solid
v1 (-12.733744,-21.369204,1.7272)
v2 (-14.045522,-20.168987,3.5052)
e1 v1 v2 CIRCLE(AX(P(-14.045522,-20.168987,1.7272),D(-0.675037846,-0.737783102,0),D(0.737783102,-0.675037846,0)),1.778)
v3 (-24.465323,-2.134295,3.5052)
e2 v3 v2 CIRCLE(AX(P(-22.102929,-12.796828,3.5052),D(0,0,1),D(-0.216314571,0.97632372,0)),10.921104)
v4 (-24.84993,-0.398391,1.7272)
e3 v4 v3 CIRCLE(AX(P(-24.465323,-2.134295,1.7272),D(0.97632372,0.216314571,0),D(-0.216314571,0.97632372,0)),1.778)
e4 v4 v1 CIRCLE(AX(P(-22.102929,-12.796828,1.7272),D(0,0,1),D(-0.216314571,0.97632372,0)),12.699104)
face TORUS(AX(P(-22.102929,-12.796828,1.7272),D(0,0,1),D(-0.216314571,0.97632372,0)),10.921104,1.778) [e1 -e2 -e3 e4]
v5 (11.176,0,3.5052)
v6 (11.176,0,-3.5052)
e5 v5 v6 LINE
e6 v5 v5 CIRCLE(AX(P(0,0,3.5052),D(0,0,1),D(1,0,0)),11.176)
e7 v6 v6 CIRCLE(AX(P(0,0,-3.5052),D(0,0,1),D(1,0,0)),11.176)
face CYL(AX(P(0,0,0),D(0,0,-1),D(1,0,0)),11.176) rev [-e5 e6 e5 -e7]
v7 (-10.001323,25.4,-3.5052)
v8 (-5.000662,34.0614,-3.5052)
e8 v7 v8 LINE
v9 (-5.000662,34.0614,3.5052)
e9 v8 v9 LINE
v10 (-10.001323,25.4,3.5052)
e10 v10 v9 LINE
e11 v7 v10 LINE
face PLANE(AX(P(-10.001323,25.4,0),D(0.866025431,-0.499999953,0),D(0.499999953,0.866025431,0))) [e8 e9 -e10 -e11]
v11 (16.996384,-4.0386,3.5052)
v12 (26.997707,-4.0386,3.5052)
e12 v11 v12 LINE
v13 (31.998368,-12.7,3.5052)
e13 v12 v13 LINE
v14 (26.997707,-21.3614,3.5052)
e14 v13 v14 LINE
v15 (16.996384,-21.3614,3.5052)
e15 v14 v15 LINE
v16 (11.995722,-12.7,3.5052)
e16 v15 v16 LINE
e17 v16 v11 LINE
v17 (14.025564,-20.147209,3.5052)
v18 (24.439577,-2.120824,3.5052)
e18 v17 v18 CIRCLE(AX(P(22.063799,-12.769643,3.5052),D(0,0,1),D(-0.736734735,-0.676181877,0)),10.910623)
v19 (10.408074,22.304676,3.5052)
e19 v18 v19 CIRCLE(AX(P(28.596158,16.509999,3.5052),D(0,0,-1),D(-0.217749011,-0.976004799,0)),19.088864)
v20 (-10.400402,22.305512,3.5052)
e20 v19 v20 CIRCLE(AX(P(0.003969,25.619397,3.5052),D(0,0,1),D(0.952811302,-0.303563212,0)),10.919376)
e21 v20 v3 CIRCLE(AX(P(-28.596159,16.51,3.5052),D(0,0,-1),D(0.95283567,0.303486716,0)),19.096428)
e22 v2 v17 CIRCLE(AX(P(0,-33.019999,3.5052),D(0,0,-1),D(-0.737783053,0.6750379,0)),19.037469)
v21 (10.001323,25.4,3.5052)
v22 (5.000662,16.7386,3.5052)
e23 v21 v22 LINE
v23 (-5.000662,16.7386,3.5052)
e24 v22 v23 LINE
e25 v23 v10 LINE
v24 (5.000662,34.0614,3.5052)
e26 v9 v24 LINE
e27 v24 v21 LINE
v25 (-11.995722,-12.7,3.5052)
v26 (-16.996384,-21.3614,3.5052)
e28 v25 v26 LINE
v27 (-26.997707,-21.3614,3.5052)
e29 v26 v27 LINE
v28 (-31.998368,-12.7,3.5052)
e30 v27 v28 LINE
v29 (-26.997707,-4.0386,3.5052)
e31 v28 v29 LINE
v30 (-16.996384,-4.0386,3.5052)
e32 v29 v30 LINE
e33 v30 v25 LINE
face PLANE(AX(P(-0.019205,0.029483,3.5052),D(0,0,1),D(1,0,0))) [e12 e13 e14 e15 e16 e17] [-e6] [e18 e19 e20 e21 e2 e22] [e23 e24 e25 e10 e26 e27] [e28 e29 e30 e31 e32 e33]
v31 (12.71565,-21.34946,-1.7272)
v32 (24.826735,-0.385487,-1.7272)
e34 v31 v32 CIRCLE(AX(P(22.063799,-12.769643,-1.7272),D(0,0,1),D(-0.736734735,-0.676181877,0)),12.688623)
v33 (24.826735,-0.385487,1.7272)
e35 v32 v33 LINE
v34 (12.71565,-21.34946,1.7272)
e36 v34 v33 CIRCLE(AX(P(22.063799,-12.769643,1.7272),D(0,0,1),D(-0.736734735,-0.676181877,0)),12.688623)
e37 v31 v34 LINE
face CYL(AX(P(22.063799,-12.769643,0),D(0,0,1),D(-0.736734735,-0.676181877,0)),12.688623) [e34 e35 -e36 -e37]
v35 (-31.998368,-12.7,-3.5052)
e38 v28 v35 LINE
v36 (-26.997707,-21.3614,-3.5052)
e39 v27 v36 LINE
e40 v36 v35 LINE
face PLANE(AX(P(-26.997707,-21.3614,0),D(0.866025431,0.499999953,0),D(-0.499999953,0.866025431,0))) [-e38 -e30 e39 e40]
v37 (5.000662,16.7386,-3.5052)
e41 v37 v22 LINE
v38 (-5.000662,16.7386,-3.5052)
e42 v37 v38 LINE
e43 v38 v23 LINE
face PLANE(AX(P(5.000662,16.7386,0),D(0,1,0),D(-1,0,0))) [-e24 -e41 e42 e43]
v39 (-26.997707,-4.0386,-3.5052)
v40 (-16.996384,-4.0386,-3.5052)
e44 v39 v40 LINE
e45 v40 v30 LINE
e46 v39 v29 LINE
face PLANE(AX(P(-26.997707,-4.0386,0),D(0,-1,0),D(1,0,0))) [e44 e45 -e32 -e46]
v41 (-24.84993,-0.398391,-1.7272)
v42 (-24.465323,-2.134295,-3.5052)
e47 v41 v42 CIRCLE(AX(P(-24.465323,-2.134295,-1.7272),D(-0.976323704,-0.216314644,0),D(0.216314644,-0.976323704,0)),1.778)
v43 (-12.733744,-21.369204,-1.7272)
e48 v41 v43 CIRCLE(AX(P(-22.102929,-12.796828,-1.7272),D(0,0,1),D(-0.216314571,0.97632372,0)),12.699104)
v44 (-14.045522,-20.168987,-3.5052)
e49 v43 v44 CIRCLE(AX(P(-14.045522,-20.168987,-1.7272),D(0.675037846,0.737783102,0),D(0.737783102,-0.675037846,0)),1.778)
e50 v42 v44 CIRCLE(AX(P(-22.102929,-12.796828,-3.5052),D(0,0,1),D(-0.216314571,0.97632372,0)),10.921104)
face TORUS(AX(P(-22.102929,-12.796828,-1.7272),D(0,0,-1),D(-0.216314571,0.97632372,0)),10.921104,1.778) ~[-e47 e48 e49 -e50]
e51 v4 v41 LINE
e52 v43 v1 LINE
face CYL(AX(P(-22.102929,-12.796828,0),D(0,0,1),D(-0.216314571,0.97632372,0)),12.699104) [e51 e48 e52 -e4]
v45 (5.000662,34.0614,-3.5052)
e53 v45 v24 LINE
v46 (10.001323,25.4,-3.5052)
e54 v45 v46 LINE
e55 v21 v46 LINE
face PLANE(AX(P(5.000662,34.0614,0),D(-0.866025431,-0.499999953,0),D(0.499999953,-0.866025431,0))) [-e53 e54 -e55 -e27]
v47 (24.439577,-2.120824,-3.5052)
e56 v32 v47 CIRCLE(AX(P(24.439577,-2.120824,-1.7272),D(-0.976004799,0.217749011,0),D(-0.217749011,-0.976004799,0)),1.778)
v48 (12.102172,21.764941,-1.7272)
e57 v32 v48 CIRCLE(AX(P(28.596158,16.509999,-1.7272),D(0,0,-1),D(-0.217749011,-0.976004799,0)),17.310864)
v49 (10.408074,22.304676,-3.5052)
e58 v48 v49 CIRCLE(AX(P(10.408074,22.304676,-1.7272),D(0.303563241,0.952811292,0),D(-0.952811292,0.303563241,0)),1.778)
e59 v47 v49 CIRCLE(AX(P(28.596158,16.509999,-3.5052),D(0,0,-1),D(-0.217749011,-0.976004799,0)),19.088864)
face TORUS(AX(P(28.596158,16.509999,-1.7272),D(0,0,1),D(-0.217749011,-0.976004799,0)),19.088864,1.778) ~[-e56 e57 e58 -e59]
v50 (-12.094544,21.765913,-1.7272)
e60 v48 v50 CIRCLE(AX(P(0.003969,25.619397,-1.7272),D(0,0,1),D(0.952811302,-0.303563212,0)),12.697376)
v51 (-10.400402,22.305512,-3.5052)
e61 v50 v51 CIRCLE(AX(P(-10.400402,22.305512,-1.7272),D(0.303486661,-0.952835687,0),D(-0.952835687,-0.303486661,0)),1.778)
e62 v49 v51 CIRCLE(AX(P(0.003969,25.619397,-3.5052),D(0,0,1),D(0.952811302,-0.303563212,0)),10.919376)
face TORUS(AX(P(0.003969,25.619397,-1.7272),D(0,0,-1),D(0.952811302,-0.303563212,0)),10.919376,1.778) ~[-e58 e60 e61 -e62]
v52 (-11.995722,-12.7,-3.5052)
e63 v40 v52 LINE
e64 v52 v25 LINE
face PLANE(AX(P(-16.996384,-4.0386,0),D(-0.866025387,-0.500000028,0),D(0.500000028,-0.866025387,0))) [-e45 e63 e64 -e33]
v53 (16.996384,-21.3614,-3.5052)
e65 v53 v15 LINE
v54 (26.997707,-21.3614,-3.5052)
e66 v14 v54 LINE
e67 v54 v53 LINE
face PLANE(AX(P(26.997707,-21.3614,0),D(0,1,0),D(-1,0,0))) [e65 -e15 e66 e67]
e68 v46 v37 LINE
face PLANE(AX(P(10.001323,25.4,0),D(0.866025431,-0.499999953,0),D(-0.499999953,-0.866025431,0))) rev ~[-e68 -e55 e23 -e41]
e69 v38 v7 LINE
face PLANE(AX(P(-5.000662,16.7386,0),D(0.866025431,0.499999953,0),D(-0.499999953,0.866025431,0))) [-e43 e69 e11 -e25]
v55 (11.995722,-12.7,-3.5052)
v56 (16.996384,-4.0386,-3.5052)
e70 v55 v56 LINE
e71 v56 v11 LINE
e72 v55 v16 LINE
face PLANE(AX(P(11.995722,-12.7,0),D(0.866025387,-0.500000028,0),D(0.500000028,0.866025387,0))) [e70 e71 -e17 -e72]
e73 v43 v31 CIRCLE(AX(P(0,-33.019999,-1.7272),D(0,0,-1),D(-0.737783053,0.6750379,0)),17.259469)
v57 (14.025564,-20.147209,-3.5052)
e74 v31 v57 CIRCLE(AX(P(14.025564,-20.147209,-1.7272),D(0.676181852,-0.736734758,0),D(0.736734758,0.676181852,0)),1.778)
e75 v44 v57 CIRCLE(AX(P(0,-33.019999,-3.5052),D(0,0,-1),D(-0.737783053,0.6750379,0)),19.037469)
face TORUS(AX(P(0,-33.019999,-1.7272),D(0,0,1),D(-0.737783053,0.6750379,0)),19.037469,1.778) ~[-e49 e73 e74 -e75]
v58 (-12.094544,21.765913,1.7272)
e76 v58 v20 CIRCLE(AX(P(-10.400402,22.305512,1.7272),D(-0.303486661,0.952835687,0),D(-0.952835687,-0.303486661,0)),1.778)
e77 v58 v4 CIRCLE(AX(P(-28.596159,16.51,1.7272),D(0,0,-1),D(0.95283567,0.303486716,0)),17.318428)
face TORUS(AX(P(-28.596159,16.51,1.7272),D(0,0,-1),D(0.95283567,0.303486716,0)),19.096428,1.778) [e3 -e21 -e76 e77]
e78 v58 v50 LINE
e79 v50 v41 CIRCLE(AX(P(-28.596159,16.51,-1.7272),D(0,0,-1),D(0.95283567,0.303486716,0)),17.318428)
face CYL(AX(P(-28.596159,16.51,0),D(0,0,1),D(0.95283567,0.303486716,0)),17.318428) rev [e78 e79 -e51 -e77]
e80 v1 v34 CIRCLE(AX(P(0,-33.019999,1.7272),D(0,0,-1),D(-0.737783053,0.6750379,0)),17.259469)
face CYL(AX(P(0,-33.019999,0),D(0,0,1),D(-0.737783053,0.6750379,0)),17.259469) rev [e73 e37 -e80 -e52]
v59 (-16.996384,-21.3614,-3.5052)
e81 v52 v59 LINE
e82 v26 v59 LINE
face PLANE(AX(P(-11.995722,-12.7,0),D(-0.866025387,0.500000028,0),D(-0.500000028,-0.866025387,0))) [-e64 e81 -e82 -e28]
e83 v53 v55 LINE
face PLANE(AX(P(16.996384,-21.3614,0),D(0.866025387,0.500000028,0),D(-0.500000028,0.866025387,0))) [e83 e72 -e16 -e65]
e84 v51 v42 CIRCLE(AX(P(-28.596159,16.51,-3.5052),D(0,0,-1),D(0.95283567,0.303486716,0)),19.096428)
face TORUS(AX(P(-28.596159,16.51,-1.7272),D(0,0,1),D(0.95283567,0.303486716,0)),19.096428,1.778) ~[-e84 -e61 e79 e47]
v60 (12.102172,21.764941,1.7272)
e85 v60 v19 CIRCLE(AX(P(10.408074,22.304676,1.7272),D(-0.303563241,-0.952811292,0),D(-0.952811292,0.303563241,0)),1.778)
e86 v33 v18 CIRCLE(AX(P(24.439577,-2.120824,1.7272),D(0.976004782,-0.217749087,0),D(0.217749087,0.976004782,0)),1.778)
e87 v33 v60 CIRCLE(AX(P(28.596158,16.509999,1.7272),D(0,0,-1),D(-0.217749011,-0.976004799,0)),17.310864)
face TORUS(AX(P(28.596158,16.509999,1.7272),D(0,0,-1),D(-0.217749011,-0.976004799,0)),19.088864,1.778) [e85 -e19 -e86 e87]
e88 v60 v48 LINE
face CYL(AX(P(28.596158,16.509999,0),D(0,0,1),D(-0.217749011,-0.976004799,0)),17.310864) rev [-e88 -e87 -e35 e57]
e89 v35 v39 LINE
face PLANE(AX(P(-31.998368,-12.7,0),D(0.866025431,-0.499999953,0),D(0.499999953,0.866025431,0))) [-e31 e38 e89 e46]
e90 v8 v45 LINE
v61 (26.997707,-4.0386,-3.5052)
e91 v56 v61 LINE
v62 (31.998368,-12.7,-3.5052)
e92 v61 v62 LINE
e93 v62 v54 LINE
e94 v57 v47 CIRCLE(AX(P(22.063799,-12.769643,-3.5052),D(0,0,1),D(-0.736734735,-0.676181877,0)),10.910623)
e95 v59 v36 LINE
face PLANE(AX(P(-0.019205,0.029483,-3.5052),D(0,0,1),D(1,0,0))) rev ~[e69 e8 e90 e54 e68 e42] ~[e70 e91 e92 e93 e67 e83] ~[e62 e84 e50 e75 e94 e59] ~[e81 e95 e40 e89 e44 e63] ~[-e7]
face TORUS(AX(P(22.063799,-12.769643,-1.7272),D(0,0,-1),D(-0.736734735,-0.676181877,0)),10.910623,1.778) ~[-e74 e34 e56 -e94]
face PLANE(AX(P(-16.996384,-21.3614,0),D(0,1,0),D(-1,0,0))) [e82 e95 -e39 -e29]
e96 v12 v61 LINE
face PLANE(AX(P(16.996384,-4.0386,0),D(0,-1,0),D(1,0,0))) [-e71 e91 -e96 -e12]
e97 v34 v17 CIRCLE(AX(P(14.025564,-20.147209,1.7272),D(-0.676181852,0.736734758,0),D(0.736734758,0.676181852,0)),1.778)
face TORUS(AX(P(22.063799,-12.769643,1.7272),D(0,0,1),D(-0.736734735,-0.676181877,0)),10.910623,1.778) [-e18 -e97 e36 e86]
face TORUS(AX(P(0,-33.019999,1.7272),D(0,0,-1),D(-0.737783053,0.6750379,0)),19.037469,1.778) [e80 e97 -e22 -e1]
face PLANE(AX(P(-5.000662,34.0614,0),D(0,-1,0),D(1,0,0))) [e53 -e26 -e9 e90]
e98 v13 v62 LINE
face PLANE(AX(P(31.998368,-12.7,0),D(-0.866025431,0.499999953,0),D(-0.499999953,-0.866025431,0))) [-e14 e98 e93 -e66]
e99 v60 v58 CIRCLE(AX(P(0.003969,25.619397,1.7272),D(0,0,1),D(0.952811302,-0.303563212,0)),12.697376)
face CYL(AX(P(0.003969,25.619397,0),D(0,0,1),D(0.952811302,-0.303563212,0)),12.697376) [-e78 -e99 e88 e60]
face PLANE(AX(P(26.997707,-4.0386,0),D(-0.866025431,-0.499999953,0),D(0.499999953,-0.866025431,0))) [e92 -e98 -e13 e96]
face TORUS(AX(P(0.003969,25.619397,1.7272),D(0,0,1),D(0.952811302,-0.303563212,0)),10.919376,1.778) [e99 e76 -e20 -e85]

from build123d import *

# Parameters (mm, degrees)
F0_R     = 11.176
F1_DEPTH = 3.5052
F2_R     = 1.778


with BuildPart() as f1:
    # F0 (on Top) → F1 (new body, symmetric)
    with BuildSketch(Plane.XY):
        with BuildLine():
            ThreePointArc((-24.84993, -0.398391), (-33.098704, -19.149794), (-12.733744, -21.369204))
            ThreePointArc((-12.733744, -21.369204), (-0.013391, -15.760536), (12.71565, -21.34946))
            ThreePointArc((12.71565, -21.34946), (33.05076, -19.116913), (24.826735, -0.385487))
            ThreePointArc((24.826735, -0.385487), (13.585768, 7.887112), (12.102172, 21.764941))
            ThreePointArc((12.102172, 21.764941), (0.004478, 38.316773), (-12.094544, 21.765913))
            ThreePointArc((-12.094544, 21.765913), (-13.5859, 7.871711), (-24.84993, -0.398391))
        make_face()
        Polygon((-26.997707, -4.0386), (-16.996384, -4.0386), (-11.995722, -12.7), (-16.996384, -21.3614), (-26.997707, -21.3614), (-31.998368, -12.7), align=None, mode=Mode.SUBTRACT)
        Polygon((16.996384, -21.3614), (11.995722, -12.7), (16.996384, -4.0386), (26.997707, -4.0386), (31.998368, -12.7), (26.997707, -21.3614), align=None, mode=Mode.SUBTRACT)
        Circle(F0_R, mode=Mode.SUBTRACT)
        Polygon((10.001323, 25.4), (5.000662, 16.7386), (-5.000662, 16.7386), (-10.001323, 25.4), (-5.000662, 34.0614), (5.000662, 34.0614), align=None, mode=Mode.SUBTRACT)
    extrude(amount=F1_DEPTH, both=True)

    # F2
    f2_edges = [f1.edges().sort_by_distance(p)[0] for p in [
        (-33.098704, -19.149794, 3.5052),
        (-0.013391, -15.760536, 3.5052),
        (-13.5859, 7.871711, 3.5052),
        (0.004478, 38.316773, 3.5052),
        (13.585768, 7.887112, 3.5052),
        (33.05076, -19.116913, 3.5052),
        (13.585768, 7.887112, -3.5052),
        (0.004478, 38.316773, -3.5052),
        (-13.5859, 7.871711, -3.5052),
        (-33.098704, -19.149794, -3.5052),
        (-0.013391, -15.760536, -3.5052),
        (33.05076, -19.116913, -3.5052),
    ]]
    fillet(f2_edges, radius=F2_R)


solid = f1.part
